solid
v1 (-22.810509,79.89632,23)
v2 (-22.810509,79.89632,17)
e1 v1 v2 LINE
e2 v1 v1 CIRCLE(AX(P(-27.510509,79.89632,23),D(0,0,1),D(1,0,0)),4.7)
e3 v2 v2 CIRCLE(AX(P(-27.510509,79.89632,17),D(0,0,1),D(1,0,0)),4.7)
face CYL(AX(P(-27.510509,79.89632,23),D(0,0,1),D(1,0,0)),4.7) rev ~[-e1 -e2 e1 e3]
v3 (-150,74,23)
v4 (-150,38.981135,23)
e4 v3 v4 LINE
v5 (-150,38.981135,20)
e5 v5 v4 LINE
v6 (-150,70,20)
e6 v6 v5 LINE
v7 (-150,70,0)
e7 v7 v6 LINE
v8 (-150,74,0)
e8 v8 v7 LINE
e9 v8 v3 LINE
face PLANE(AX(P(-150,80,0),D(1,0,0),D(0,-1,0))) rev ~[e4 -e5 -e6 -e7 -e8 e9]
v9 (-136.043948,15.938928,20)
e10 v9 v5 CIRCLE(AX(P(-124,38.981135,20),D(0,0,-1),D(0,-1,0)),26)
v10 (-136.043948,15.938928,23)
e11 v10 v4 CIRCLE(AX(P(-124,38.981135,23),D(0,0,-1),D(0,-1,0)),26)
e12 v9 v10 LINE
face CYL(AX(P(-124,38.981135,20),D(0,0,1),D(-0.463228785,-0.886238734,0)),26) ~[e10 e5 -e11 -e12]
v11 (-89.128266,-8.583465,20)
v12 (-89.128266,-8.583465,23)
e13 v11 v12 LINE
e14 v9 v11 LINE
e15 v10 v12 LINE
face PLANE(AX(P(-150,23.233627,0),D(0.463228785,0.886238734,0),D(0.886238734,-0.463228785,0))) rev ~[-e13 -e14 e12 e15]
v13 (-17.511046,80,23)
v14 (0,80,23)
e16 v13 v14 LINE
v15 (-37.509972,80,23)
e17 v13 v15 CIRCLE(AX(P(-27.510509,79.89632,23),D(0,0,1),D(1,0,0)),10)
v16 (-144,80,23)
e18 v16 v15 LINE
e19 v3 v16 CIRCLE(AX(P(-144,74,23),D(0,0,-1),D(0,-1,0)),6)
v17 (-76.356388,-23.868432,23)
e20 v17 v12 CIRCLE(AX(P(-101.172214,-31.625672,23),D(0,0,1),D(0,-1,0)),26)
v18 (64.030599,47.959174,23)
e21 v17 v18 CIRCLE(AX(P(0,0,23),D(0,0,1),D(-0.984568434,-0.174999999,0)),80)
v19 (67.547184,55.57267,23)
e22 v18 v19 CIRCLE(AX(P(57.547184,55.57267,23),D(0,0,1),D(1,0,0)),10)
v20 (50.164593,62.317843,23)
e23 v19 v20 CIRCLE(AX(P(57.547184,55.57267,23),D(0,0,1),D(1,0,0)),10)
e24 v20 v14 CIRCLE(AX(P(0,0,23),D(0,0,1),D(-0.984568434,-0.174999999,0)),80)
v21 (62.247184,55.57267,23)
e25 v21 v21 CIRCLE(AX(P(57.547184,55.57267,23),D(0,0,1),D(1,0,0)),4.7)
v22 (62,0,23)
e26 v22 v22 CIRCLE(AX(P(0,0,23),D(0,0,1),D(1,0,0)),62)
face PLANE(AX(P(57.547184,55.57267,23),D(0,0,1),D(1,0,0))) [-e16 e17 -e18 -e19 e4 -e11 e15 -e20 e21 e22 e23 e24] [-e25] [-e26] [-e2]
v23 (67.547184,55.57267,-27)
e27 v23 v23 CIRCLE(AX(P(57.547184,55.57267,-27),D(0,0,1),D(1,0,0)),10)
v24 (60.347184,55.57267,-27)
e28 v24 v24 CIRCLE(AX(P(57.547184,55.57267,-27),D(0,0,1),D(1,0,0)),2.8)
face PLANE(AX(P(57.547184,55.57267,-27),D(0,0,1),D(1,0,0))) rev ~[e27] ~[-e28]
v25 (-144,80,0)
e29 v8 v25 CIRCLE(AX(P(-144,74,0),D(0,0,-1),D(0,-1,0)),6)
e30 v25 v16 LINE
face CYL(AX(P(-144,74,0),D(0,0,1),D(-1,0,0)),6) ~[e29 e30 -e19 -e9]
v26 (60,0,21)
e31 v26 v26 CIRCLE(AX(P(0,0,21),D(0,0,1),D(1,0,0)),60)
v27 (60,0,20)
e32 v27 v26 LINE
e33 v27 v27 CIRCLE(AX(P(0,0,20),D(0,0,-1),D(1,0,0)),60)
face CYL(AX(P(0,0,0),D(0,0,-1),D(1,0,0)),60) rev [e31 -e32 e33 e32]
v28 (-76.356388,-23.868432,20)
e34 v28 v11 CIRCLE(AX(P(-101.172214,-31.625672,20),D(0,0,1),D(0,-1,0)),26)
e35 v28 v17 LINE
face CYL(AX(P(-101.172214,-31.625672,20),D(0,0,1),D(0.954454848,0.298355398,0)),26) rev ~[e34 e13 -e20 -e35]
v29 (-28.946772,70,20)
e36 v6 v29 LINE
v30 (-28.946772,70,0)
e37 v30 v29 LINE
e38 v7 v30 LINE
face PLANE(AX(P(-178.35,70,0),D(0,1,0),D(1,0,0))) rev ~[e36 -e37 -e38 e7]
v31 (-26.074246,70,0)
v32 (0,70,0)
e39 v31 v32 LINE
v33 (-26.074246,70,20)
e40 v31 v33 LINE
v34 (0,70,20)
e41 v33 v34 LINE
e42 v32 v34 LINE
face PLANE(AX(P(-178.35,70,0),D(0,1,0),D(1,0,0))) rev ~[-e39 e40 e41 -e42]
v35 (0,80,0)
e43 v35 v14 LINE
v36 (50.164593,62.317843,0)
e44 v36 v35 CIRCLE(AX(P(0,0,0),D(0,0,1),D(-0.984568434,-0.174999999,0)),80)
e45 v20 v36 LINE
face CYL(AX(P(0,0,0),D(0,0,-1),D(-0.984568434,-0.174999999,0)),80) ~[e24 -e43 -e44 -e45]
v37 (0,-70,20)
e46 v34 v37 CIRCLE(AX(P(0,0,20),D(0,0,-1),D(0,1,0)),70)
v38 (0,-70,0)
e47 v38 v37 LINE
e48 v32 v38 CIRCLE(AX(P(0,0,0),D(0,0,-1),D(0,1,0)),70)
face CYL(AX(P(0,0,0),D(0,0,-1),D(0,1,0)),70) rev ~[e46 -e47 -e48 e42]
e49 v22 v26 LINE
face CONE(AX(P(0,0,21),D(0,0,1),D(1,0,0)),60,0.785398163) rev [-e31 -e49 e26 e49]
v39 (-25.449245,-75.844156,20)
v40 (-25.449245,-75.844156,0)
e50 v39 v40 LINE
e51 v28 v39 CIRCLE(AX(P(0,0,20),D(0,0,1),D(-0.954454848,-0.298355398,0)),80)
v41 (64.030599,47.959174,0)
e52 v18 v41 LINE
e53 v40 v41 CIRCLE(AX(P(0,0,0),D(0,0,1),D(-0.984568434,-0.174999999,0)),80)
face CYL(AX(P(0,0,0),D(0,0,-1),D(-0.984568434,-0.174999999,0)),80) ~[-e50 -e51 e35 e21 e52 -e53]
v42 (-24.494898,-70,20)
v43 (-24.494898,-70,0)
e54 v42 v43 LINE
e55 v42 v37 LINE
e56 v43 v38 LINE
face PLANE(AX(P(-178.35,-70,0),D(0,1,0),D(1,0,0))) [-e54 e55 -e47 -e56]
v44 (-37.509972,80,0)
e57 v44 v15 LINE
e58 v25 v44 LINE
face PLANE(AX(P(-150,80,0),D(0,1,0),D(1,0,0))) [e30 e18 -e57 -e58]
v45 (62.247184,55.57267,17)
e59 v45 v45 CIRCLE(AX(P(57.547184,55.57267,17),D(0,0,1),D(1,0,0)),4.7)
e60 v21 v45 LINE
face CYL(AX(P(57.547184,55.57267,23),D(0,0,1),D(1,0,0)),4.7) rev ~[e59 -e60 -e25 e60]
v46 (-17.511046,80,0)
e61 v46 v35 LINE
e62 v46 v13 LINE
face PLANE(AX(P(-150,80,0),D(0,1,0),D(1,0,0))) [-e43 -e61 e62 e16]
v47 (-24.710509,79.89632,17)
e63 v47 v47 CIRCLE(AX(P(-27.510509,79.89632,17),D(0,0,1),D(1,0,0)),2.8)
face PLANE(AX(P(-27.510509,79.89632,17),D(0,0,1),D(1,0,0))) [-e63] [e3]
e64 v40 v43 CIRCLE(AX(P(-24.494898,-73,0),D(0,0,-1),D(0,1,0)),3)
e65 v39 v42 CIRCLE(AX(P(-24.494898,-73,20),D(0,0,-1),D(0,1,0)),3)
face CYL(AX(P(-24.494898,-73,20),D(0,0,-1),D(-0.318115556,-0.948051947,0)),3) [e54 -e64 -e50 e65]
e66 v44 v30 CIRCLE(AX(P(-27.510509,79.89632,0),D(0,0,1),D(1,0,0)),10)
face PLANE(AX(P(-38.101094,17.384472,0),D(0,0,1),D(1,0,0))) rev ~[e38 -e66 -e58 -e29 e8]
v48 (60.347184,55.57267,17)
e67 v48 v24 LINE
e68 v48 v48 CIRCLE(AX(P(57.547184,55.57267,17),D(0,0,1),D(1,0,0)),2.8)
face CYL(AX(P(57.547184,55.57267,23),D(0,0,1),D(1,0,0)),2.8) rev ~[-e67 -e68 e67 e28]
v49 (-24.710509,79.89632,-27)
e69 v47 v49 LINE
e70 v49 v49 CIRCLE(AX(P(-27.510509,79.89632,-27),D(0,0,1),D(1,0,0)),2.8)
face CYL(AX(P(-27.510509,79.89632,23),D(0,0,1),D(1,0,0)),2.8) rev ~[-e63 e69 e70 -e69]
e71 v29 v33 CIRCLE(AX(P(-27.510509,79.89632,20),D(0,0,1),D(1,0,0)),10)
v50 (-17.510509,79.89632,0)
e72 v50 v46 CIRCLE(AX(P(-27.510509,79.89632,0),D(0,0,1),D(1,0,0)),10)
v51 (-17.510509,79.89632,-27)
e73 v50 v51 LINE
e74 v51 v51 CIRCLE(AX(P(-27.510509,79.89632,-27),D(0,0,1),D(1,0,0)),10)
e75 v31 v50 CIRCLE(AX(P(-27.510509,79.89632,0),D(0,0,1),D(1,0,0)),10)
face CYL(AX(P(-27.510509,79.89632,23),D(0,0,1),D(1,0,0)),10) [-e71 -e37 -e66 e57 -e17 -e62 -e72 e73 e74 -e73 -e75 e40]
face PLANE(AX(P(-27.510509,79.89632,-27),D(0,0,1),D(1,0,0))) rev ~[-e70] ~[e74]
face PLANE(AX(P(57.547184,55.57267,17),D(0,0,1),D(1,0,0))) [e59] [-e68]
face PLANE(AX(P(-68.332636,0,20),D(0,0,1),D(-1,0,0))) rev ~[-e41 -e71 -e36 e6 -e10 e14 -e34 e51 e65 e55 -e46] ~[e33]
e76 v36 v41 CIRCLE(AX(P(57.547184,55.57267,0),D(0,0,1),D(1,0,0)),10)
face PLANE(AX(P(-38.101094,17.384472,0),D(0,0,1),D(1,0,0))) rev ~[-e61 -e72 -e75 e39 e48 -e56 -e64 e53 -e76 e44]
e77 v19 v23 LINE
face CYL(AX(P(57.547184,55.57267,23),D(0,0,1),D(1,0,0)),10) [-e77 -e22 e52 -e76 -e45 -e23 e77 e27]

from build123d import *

# Parameters (mm, degrees)
SKETCH_R        = 60
PAD_DEPTH       = 23
POCKET_DEPTH    = 20
SKETCH002_R     = 10
PAD001_DEPTH    = 50
SKETCH005_R     = 2.8
POCKET001_DEPTH = 50.001
SKETCH006_R     = 4.7
POCKET002_DEPTH = 6
FILLET_R        = 26
CHAMFER_SIZE    = 2
FILLET001_R     = 6
FILLET002_R     = 3


with BuildPart() as part:
    # Sketch → Pad (new body)
    with BuildSketch(Plane.XY):
        with BuildLine():
            ThreePointArc((-78.765475, -14), (61.318839, -51.38093), (0, 80))
            Line((-150, 80), (0, 80))
            Line((-150, 80), (-150, 23.233627))
            Line((-150, 23.233627), (-78.765475, -14))
        make_face()
        Circle(SKETCH_R, mode=Mode.SUBTRACT)
    extrude(amount=PAD_DEPTH)

    # Sketch001 (on Face6 of Pad) → Pocket (cut)
    with BuildSketch(Plane(origin=(0, 0, 0), x_dir=(1, 0, 0), z_dir=(0, 0, -1))):
        with BuildLine():
            Line((-178.35, 70), (0, 70))
            ThreePointArc((0, -70), (70, 0), (0, 70))
            Line((-178.35, -70), (0, -70))
            Line((-178.35, 70), (-178.35, -70))
        make_face()
    extrude(amount=-POCKET_DEPTH, mode=Mode.SUBTRACT)

    # Sketch002 (on Face6 of Pocket) → Pad001 (join)
    with BuildSketch(Plane.XY.offset(23)):
        with Locations((57.547184, 55.57267)):
            Circle(SKETCH002_R)
        with Locations((-27.510509, 79.89632)):
            Circle(SKETCH002_R)
    extrude(amount=-PAD001_DEPTH)

    # Sketch005 (on Face5 of Pad001) → Pocket001 (cut, through all)
    with BuildSketch(Plane.XY.offset(23)):
        with Locations((-27.510509, 79.89632)):
            Circle(SKETCH005_R)
        with Locations((57.547184, 55.57267)):
            Circle(SKETCH005_R)
    extrude(amount=-POCKET001_DEPTH, mode=Mode.SUBTRACT)

    # Sketch006 (on Face15 of Pocket001) → Pocket002 (cut)
    with BuildSketch(Plane.XY.offset(23)):
        with Locations((-27.510509, 79.89632)):
            Circle(SKETCH006_R)
        with Locations((57.547184, 55.57267)):
            Circle(SKETCH006_R)
    extrude(amount=-POCKET002_DEPTH, mode=Mode.SUBTRACT)

    # Fillet
    fillet_edges = [part.edges().sort_by_distance(p)[0] for p in [
        (-150, 23.233627, 21.5),
        (-78.765475, -14, 21.5),
    ]]
    fillet(fillet_edges, radius=FILLET_R)

    # Chamfer
    chamfer_edges = [part.edges().sort_by_distance(p)[0] for p in [
        (-60, 0, 23),
    ]]
    chamfer(chamfer_edges, length=CHAMFER_SIZE)

    # Fillet001
    fillet001_edges = [part.edges().sort_by_distance(p)[0] for p in [
        (-150, 80, 11.5),
    ]]
    fillet(fillet001_edges, radius=FILLET001_R)

    # Fillet002
    fillet002_edges = [part.edges().sort_by_distance(p)[0] for p in [
        (-38.729833, -70, 10),
    ]]
    fillet(fillet002_edges, radius=FILLET002_R)


solid = part.part
